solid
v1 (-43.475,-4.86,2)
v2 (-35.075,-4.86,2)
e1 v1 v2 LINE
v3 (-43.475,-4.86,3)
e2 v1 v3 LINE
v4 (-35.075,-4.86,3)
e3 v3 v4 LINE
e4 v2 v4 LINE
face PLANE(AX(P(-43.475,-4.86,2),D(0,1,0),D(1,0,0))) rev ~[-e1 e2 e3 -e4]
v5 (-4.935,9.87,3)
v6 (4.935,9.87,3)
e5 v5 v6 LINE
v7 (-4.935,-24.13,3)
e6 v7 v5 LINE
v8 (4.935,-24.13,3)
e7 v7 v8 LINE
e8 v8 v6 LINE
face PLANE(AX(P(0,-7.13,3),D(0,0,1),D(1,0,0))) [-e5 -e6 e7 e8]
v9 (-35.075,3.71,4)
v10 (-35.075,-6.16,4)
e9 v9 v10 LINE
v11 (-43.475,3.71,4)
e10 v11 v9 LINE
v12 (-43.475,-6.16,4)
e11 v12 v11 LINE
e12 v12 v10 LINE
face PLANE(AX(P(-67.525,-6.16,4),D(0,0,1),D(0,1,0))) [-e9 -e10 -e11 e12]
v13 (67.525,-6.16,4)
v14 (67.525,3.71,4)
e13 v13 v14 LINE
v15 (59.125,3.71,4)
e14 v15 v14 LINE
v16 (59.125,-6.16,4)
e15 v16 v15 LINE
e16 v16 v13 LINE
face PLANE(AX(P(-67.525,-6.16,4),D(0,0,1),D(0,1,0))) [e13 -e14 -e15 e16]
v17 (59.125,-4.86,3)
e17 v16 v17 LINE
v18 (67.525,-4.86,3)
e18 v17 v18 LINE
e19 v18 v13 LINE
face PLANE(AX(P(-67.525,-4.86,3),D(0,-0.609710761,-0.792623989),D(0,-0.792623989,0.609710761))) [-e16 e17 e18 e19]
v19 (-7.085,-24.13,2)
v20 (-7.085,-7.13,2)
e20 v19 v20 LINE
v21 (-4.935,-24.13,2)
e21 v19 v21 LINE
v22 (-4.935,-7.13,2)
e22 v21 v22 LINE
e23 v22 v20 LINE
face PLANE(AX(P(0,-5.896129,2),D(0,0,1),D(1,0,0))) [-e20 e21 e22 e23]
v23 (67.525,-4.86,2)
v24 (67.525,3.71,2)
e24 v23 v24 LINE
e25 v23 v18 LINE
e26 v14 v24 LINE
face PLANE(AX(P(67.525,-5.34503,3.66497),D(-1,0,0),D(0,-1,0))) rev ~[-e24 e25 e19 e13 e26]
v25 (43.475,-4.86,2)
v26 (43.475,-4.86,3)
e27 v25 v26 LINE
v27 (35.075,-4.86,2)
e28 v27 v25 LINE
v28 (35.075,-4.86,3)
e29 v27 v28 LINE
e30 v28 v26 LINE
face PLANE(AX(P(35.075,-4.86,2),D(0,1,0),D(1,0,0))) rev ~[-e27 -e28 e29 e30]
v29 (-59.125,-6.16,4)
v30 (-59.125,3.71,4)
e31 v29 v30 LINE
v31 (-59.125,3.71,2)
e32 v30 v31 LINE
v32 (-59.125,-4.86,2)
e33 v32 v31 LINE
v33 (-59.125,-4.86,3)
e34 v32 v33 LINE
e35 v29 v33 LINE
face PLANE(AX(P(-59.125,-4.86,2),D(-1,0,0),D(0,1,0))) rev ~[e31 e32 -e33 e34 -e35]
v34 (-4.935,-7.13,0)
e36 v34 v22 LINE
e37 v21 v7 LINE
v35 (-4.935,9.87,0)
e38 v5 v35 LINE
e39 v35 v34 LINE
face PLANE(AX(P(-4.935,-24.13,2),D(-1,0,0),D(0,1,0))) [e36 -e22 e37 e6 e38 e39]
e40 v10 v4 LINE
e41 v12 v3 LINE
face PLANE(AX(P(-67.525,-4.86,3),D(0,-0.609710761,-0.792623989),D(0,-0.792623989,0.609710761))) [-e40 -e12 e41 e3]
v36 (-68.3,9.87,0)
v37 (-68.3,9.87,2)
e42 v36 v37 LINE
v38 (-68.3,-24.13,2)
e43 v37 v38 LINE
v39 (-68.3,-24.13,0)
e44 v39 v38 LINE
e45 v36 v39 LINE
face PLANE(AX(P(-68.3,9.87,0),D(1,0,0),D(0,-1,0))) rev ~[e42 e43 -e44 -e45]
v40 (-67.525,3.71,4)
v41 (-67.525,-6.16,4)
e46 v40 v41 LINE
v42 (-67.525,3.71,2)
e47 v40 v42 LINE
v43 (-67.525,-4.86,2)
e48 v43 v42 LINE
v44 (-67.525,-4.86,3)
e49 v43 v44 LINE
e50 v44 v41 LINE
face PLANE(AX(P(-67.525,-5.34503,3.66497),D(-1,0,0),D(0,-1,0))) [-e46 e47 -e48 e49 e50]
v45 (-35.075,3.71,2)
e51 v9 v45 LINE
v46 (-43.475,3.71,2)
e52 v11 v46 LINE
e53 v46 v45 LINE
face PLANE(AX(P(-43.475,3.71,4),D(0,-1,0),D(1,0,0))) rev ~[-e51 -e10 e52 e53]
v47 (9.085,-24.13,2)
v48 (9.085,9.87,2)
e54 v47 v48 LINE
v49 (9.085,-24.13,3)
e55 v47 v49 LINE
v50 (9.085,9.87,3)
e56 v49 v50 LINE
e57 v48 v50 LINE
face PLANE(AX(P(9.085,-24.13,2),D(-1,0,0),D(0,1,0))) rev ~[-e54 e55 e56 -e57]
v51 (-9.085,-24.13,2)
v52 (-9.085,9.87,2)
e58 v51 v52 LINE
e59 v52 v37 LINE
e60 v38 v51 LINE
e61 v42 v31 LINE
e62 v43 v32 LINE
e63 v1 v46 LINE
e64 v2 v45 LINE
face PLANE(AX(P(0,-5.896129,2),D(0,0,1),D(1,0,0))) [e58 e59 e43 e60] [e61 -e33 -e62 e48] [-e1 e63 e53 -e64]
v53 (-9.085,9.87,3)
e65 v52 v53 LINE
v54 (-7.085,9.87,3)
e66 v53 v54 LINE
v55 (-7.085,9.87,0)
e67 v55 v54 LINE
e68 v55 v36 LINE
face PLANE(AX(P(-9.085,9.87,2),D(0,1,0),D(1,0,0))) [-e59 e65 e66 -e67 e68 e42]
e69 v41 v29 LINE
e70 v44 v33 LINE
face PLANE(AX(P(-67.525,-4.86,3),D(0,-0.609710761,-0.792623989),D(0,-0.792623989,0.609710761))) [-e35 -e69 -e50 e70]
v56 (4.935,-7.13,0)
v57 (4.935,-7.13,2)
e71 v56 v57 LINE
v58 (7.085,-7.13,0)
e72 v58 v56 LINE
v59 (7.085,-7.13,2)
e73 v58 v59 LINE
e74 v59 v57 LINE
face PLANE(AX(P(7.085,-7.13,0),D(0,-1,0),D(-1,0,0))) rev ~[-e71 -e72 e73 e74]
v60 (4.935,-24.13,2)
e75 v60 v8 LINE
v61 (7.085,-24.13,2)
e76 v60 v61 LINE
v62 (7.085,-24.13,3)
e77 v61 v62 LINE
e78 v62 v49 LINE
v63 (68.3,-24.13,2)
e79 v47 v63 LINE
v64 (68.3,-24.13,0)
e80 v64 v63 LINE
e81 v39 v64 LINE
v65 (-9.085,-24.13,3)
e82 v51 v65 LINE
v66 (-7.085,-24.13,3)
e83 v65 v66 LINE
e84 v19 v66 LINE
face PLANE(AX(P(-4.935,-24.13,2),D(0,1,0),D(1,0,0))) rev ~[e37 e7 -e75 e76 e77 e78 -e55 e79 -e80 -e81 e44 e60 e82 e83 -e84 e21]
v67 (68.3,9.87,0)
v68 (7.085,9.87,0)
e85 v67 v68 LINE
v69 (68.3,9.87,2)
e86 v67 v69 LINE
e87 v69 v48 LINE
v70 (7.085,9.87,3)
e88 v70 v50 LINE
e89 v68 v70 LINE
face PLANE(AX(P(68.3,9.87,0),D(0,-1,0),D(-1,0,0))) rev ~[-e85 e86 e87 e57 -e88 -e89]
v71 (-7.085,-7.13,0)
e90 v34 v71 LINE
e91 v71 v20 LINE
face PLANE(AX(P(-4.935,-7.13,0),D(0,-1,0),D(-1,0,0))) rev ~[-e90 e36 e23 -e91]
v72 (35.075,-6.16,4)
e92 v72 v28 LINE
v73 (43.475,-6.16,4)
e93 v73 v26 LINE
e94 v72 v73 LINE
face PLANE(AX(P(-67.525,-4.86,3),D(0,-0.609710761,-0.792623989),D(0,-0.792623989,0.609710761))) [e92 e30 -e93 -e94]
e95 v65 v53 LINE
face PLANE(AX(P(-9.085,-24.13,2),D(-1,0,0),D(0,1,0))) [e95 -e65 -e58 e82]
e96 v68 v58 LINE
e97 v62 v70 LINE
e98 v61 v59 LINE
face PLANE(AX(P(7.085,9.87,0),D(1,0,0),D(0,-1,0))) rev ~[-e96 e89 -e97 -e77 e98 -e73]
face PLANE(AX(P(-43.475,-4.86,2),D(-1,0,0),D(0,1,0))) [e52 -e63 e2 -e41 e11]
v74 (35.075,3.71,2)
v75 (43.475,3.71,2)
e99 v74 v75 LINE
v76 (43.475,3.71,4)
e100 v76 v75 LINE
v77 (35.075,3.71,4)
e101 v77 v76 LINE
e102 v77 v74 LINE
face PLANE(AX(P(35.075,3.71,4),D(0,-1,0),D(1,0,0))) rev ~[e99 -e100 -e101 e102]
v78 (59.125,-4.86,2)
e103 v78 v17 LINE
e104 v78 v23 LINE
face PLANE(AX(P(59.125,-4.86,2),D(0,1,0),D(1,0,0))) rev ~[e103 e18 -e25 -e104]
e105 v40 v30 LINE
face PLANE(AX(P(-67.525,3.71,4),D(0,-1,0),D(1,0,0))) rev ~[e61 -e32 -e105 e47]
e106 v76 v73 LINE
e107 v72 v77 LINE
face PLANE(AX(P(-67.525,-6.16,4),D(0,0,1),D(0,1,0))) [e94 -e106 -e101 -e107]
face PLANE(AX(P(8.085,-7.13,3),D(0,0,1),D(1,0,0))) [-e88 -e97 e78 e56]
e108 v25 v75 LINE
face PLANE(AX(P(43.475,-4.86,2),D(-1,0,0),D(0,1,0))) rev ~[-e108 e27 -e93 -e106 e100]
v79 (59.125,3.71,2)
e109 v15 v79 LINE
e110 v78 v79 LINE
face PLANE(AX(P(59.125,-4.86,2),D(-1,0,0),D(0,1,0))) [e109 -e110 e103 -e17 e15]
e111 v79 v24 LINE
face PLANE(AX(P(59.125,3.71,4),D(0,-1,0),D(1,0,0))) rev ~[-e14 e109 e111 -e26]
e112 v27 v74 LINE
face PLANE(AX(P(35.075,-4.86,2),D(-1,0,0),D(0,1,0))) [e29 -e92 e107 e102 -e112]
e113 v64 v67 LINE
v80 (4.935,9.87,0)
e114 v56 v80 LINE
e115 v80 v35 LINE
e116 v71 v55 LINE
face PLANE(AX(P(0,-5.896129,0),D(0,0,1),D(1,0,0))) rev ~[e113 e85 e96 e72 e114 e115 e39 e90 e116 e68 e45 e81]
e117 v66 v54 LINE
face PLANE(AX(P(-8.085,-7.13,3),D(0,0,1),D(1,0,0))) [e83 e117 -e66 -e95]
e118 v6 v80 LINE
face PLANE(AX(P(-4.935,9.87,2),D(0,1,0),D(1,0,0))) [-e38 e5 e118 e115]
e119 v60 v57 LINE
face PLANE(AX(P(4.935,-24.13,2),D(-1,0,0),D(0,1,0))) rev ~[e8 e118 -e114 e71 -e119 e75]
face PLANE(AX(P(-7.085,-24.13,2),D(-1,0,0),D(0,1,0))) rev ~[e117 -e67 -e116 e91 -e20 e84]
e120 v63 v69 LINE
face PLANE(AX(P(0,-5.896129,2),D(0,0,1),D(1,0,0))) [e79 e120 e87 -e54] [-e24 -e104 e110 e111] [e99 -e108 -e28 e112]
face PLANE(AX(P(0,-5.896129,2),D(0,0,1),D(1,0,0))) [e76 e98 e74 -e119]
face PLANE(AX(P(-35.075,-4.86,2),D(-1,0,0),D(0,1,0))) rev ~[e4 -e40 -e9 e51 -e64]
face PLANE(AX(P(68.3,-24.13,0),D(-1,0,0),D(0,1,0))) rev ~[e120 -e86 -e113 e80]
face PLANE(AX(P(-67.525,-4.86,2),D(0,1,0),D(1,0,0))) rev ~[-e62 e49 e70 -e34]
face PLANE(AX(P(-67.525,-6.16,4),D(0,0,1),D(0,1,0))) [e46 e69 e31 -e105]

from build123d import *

# Parameters (mm, degrees)
F2_DEPTH  = 2
F3_W      = 8.4
F3_H      = 9.72
F4_DEPTH  = 2
F6_DEPTH  = 135.05
F7_DEPTH  = 19.271
F8_W      = 9.87
F8_H      = 34
F8_W_2    = 2
F9_DEPTH  = 1
F10_W     = 8.4
F10_H     = 1.15
F11_DEPTH = 2


with BuildPart() as f2:
    # F1 (on Top) → F2 (new body)
    with BuildSketch(Plane.XY):
        Polygon((-7.085, 9.87), (-68.3, 9.87), (-68.3, -24.13), (68.3, -24.13), (68.3, 9.87), (7.085, 9.87), (7.085, -7.13), (4.935, -7.13), (4.935, 9.87), (-4.935, 9.87), (-4.935, -7.13), (-7.085, -7.13), align=None)
    extrude(amount=F2_DEPTH)

    # F3 (on face) → F4 (join)
    with BuildSketch(Plane.XY.offset(2)):
        with Locations((-63.325, 0)):
            Rectangle(F3_W, F3_H)
        with Locations((-39.275, 0)):
            Rectangle(F3_W, F3_H)
        with Locations((39.275, 0)):
            Rectangle(F3_W, F3_H)
        with Locations((63.325, 0)):
            Rectangle(F3_W, F3_H)
    extrude(amount=F4_DEPTH)

    # F5 (on face) → F6 (join, through all)
    with BuildSketch(Plane(origin=(-67.525, 0, 0), x_dir=(0, -1, 0), z_dir=(-1, 0, 0))):
        Polygon((6.16, 4), (4.86, 4), (4.86, 3), align=None)
    extrude(amount=-F6_DEPTH)

    # F7 (cut, through all): faces of the model
    f7_faces = [f2.faces().sort_by_distance(p)[0] for p in [
        (-51.3, -4.86, 3.5),
        (0, -4.86, 3.5),
        (51.3, -4.86, 3.5),
    ]]
    extrude(f7_faces, amount=-F7_DEPTH, mode=Mode.SUBTRACT)

    # F8 (on face) → F9 (join)
    with BuildSketch(Plane.XY.offset(2)):
        with Locations((0, -7.13)):
            Rectangle(F8_W, F8_H)
        with Locations((-8.085, -7.13)):
            Rectangle(F8_W_2, F8_H)
        with Locations((8.085, -7.13)):
            Rectangle(F8_W_2, F8_H)
    extrude(amount=F9_DEPTH)

    # F10 (on face) → F11 (cut, through all)
    with BuildSketch(Plane.XY.offset(4)):
        with Locations((-63.325, 4.285)):
            Rectangle(F10_W, F10_H)
        with Locations((-39.275, 4.285)):
            Rectangle(F10_W, F10_H)
        with Locations((63.325, 4.285)):
            Rectangle(F10_W, F10_H)
        with Locations((39.275, 4.285)):
            Rectangle(F10_W, F10_H)
    extrude(amount=-F11_DEPTH, mode=Mode.SUBTRACT)


solid = f2.part
